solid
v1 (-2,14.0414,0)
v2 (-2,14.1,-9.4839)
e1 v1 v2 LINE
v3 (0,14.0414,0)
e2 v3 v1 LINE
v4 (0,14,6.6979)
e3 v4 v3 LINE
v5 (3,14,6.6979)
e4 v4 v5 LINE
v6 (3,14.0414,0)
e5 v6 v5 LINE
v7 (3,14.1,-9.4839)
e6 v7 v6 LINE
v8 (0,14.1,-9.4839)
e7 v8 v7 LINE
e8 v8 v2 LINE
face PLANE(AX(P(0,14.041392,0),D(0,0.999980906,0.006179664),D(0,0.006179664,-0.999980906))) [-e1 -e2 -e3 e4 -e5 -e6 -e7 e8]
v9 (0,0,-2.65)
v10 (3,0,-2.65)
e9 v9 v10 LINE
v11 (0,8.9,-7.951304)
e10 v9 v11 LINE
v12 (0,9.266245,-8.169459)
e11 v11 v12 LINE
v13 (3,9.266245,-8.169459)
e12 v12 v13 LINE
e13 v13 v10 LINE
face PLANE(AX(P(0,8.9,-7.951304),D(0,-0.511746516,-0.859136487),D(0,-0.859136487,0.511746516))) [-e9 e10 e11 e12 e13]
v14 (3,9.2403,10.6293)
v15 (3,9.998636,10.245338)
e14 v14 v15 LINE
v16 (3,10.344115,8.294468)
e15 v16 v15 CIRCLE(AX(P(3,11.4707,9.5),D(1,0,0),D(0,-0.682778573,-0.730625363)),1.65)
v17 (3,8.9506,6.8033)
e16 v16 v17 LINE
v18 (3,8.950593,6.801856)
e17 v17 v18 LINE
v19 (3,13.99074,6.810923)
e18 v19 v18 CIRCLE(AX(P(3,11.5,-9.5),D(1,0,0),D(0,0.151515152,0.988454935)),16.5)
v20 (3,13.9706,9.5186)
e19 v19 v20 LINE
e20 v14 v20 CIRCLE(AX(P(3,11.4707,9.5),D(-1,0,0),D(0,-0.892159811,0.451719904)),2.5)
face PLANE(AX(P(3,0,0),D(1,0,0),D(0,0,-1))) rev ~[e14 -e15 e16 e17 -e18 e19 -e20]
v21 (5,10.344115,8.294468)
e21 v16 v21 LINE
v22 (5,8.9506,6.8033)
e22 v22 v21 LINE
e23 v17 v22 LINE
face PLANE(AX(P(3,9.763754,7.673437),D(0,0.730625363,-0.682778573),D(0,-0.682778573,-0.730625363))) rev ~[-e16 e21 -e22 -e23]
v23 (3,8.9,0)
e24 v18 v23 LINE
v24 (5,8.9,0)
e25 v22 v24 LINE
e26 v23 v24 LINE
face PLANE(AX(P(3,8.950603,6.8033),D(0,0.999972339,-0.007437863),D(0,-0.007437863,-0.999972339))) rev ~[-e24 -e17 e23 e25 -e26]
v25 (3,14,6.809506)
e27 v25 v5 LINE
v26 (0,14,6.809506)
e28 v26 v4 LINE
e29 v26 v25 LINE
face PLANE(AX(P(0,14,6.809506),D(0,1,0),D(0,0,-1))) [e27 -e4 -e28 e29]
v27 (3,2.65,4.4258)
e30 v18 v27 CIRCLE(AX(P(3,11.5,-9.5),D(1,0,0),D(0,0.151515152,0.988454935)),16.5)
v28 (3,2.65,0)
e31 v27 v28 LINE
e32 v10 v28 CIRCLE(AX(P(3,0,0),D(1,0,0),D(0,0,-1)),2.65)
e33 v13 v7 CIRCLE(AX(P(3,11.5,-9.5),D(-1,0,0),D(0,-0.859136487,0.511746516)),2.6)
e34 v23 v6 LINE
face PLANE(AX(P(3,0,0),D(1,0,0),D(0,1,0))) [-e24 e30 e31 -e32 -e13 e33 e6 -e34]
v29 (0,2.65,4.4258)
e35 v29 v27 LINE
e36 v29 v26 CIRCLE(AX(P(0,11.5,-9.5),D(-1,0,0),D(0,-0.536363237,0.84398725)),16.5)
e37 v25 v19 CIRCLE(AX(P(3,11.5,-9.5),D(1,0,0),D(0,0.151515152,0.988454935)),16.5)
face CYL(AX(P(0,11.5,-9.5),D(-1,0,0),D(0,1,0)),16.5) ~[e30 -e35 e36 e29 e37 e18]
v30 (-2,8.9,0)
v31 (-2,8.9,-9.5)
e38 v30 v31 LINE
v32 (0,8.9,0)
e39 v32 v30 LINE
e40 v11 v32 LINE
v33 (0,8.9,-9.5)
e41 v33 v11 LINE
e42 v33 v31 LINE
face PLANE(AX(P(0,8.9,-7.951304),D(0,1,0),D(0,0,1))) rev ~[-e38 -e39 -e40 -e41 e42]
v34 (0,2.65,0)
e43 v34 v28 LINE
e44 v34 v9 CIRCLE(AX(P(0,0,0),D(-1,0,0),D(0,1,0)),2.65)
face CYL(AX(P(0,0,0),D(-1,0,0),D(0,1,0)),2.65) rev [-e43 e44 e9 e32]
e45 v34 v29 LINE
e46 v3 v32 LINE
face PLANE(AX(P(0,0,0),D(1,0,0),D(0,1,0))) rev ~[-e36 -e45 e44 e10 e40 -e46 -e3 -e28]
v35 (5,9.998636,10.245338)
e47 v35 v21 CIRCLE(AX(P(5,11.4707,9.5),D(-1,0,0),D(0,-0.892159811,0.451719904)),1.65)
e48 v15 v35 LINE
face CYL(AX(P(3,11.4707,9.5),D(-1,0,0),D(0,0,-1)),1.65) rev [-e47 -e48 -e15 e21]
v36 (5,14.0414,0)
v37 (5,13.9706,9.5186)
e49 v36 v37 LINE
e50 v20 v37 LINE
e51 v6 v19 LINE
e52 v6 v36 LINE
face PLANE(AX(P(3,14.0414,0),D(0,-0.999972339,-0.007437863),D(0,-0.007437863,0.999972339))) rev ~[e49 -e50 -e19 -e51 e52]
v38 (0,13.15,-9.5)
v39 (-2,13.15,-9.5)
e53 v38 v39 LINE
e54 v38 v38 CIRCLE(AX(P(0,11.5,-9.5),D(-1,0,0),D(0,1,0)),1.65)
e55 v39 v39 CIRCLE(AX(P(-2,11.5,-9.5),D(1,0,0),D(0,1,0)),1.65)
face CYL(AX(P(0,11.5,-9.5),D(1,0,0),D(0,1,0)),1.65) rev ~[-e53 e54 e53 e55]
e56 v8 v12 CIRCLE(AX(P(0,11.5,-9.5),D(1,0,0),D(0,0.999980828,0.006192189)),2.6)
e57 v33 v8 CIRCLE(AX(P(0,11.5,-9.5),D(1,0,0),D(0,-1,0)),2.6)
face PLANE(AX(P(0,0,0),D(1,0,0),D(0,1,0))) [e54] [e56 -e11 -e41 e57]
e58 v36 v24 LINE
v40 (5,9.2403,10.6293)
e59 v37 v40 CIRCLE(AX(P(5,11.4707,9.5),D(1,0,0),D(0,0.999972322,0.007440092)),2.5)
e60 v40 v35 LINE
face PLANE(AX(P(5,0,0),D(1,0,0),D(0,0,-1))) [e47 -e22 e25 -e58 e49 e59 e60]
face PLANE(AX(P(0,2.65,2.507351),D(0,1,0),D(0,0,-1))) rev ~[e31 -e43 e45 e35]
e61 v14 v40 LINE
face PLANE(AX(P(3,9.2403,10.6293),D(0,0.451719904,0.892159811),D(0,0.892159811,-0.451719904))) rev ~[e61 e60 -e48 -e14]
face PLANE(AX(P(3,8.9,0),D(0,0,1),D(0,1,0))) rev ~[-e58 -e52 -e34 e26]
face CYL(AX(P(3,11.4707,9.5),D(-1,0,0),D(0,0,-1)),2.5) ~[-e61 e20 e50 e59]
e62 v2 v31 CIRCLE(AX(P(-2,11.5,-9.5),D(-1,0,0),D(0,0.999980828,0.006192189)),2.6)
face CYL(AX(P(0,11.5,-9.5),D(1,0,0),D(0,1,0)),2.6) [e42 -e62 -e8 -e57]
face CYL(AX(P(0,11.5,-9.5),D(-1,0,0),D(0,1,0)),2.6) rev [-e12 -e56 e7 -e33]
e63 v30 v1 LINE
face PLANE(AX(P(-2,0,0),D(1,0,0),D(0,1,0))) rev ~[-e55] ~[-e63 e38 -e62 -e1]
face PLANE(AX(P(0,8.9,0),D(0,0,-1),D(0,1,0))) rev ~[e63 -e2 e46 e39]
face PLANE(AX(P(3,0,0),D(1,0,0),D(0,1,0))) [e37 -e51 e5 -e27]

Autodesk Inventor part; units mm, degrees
ref_plane "YZ Plane" through (0, 0, 0) normal (1, 0, 0) x (0, 1, 0)
ref_plane "XZ Plane" through (0, 0, 0) normal (0, 1, 0) x (-1, 0, 0)
ref_plane "XY Plane" through (0, 0, 0) normal (0, 0, 1) x (1, 0, 0)
sketch "スケッチ1" plane through (0, 0, 0) normal (1, 0, 0) x (0, 1, 0)
  line L0 (0, 0) -> (0, 6)
  line L1 (0, 6) -> (0, -6)
  line L2 (0, 0) -> (11.5, 0)
  line L3 (11.5, 0) -> (11.5, 9.5)
  line L4 (11.5, 9.5) -> (11.5, -9.5)
  circle A0 centre (0, 6) radius 1.25
  circle A1 centre (0, -6) radius 1.25
  circle A2 centre (11.5, 9.5) radius 1.65
  circle A3 centre (11.5, -9.5) radius 1.65
  circle A4 centre (11.5, 9.5) radius 2.5
  circle A5 centre (11.5, -9.5) radius 2.5
  circle A6 centre (0, 0) radius 2.65
  line L5 (0, 0) -> (-14.6, 0)
  circle A7 centre (-14.6, 0) radius 1.65
  circle A8 centre (-14.6, 0) radius 2.5
  circle A9 centre (0, 6) radius 2
  circle A10 centre (0, -6) radius 2
  line L6 (0, 8) -> (10.6499, 11.851)
  line L7 (0, -8) -> (10.6499, -11.851)
  line L8 (-14.6, 0) -> (-14.6, -2.5)
  line L9 (-14.6, 0) -> (-12.1, 0) construction
  line L10 (-14.6, -2.5) -> (-14.6, 2.5)
  line L11 (-14.6, -2.5) -> (-0.7212, -7.8655)
  line L12 (-14.6, 2.5) -> (-0.7212, 7.8655)
  circle A11 centre (11.5, -9.5) radius 14.9164
  line L13 (11.5, -9.5) -> (0, 0)
  line L14 (11.5, -9.5) -> (0, -2.65)
  line L15 (14, 9.5) -> (14, 6.6979)
  circle A12 centre (11.5, -9.5) radius 16.7294
  circle A13 centre (11.5, -9.5) radius 2.6
  circle A14 centre (11.5, -9.5) radius 16.5
  line L16 (14, 6.6979) -> (14.1, -9.4839)
  line L17 (8.9, -9.5) -> (8.9, 0)
  line L18 (9, 9.5) -> (9, 0)
  line L19 (14.0414, 0) -> (11.5, 0)
  line L20 (0, 2.65) -> (2.65, 2.65)
  line L21 (2.65, 2.65) -> (2.65, 0)
  line L22 (2.65, 2.65) -> (2.65, 4.4258)
  point P0 (9.3522, -8.2206)
  point P1 (0, 2.65)
  point P2 (12.4812, 7.2006)
  point P3 (14, 6.8095)
  point P4 (0.3158, 2.6311)
  point P5 (9.2662, -8.1695)
  dimension "d9" = 5
  dimension "d22" = 33
  dimension "d0" = 6
  dimension "d1" = 12
  dimension "d2" = 11.5
  dimension "d3" = 9.5
  dimension "d4" = 19
  dimension "d5" = 2.5
  dimension "d6" = 3.3
  dimension "d7" = 3.3
  dimension "d8" = 5
  dimension "d10" = 5.3
  dimension "d11" = 14.6
  dimension "d12" = 3.3
  dimension "d13" = 5
  dimension "d14" = 4
  dimension "d15" = 4
  dimension "d16" = 90
  dimension "d21" = 5.2
extrude "押し出し3" add sketch "スケッチ1" along normal blind 3 contours A6 L13 L17 L14 | L21 A11 L18 L2 | L2 L17 L13 A6 | L17 L13 A13 L14 | L2 L4 A13 L13 L17 | L21 L22 A14 L18 A11 | L18 A11 L3 L2 | L18 A14 L3 A11 | L19 L16 A13 L4 | L3 A11 L16 L19 | L3 A14 L15 L16 A11
extrude "押し出し4" add sketch "スケッチ1" against normal blind 2 contours L17 L13 A13 L14 | L14 A13 L17 | L2 L4 A13 L13 L17 | A13 L13 A5 L14 | L14 A5 L7 A13 | A13 L4 A5 L13 | L14 A3 L4 A5 | A5 L13 A3 L14 | L7 A5 L4 A13 | L19 L16 A13 L4 | A5 L4 A3 L13
sketch "スケッチ2" plane through (3, 0, 0) normal (1, 0, 0) x (0, 0, -1)
  line L0 (0, 0) -> (0, 11.4707)
  line L1 (0, 14.0414) -> (0, 8.9) projected
  line L2 (0, 11.4707) -> (-9.5, 11.4707)
  circle A0 centre (-9.5, 11.4707) radius 1.65
  circle A1 centre (-9.5, 11.4707) radius 2.5
  line L3 (-9.5186, 8.9708) -> (0, 8.9)
  line L4 (0, 11.4707) -> (0, 14.0414)
  line L5 (0, 14.0414) -> (-6.6979, 14) projected
  line L6 (0, 14.0414) -> (-9.5186, 13.9706)
  line L7 (-9.5, 11.4707) -> (-6.8033, 8.9506)
  line L8 (-9.5, 11.4707) -> (-12, 11.4707)
  line L9 (0, 8.9) -> (7.9513, 8.9) projected
  line L10 (-10.6293, 9.2403) -> (-9.5, 11.4707)
  point P0 (-11.15, 11.4707)
  point P1 (-8.2945, 10.3441)
  point P2 (-10.2453, 9.9986)
  dimension "d27" = 9.5
  dimension "d28" = 3.3
  dimension "d29" = 5
extrude "押し出し5" add sketch "スケッチ2" along normal blind 2 contours L3 L7 A1 L2 L0 | L2 A1 L6 L1 | A1 L7 A0 L2 | L2 A0 L8 A1 | A1 L8 A0 L10
properties part number "ikafly2c2"
